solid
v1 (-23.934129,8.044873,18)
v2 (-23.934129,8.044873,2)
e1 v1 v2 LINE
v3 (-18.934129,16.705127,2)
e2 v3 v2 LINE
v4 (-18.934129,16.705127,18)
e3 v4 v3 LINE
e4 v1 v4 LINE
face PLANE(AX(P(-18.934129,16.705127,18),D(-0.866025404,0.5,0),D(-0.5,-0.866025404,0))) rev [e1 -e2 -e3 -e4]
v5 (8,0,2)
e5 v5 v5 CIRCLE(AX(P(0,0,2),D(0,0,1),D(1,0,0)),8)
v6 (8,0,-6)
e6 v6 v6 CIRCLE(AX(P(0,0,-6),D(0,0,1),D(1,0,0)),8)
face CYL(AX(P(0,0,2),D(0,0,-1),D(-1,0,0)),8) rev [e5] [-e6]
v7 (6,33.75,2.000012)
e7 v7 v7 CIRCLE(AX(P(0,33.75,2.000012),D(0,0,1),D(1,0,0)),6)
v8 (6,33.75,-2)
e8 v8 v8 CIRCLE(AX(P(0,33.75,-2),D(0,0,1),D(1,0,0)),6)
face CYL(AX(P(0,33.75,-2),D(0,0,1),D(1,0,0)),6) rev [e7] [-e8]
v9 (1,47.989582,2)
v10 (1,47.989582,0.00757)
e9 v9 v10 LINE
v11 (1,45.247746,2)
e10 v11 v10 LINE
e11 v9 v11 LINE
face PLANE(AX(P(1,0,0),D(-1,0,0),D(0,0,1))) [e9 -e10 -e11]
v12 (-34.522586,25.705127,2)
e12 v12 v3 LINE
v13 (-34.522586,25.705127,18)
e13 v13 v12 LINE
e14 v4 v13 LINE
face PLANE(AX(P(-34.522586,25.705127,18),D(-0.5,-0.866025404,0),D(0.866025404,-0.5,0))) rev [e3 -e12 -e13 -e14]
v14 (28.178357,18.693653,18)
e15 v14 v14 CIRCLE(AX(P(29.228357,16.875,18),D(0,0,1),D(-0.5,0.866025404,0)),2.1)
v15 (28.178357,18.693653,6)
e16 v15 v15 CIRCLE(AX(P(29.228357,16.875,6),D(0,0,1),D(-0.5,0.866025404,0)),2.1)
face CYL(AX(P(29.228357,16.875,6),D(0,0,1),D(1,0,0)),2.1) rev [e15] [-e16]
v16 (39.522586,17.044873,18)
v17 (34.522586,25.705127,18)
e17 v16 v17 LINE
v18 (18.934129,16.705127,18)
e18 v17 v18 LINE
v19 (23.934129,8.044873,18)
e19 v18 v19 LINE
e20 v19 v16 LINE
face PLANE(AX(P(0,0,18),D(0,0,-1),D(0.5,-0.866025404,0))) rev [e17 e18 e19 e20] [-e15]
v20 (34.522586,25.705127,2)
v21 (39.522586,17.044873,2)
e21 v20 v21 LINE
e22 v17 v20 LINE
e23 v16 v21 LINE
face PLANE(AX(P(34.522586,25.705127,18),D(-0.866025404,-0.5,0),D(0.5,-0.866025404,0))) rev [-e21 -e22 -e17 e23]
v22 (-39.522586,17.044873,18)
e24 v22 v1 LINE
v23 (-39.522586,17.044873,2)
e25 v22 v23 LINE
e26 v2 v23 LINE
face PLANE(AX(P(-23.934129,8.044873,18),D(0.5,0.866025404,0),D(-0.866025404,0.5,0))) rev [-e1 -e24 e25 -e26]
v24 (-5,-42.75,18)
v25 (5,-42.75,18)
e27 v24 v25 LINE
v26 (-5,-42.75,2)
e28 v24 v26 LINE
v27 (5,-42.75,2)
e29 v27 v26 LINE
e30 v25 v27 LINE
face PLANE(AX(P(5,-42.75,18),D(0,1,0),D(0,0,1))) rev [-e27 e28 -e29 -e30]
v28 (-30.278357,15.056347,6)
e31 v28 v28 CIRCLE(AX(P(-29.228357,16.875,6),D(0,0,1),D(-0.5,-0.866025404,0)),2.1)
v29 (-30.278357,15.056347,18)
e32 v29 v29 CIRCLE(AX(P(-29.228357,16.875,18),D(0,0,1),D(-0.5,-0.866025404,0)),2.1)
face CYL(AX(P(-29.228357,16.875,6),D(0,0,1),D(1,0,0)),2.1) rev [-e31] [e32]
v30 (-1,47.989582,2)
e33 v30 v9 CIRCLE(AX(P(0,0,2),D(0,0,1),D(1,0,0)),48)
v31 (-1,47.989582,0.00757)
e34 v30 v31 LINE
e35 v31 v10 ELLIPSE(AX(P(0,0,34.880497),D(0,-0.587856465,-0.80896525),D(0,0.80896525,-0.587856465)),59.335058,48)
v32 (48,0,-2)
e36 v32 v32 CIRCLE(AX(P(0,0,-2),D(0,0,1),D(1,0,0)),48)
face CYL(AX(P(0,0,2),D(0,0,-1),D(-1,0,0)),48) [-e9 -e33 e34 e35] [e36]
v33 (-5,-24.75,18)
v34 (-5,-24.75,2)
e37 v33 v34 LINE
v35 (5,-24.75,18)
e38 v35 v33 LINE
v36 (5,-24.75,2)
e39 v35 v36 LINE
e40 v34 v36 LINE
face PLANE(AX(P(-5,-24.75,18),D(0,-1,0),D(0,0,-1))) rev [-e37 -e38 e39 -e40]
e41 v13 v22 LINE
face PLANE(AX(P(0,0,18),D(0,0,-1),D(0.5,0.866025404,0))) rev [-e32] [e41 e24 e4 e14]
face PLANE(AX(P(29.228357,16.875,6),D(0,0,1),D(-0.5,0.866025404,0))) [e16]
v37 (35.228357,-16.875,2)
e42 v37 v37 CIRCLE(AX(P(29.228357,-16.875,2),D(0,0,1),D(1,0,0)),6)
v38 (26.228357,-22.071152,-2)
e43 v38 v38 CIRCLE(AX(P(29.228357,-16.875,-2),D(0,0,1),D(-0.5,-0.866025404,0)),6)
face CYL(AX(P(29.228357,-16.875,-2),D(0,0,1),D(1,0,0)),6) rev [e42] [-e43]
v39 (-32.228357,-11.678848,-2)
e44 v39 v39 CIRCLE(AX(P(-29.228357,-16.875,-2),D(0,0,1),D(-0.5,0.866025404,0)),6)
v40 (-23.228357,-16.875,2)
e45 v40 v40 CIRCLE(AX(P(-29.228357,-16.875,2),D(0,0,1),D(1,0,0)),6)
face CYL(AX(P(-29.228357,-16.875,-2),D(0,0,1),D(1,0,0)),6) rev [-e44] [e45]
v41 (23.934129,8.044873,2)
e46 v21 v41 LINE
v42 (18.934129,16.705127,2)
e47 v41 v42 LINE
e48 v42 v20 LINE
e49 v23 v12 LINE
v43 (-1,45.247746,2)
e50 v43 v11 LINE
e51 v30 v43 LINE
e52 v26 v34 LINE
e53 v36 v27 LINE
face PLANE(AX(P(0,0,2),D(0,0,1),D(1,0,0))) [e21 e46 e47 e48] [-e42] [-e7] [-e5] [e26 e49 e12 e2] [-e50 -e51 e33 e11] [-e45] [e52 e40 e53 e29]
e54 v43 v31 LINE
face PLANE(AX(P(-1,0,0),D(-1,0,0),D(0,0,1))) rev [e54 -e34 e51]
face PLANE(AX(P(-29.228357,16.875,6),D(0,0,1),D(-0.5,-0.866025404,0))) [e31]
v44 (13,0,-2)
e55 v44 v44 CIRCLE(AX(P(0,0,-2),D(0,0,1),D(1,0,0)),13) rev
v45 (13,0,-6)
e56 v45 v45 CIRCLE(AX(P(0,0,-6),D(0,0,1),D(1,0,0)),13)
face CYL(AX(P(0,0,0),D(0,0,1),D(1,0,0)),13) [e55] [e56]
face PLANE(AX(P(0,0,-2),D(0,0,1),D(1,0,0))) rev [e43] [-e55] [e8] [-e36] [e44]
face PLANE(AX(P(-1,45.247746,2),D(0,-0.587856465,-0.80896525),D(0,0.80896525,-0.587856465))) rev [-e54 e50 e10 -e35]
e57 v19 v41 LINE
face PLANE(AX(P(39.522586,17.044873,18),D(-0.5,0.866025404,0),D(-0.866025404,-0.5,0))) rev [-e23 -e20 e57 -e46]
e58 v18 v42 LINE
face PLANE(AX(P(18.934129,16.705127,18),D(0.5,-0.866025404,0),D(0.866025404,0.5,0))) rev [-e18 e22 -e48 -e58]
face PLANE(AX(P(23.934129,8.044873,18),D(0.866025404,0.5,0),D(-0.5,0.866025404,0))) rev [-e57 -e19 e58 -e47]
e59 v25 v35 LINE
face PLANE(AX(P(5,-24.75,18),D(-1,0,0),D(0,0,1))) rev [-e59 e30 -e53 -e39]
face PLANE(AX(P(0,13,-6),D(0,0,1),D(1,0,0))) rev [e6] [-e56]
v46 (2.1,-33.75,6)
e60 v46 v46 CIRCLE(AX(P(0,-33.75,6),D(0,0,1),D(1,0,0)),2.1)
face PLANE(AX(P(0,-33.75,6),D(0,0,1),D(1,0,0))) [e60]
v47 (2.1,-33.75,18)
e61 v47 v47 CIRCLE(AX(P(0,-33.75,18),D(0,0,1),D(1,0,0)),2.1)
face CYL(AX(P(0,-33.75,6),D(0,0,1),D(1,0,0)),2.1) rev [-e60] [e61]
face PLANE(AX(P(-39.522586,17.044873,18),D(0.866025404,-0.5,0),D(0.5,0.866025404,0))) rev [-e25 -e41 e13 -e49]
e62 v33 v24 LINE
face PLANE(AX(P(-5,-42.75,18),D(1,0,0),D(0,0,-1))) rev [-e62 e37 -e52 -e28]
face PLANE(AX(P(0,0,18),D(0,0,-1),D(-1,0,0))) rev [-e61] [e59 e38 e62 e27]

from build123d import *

# Parameters (mm, degrees)
SKETCH1_R                        = 48
SKETCH1_R_2                      = 8
EX_CARRIER_FRONT_PLATE_4MM_DEPTH = 2
SKETCH2_R                        = 6
CUT_PIN_HOLE_12_DEPTH            = 69
PAT_PIN_HOLES_3X120_COUNT        = 3
CUT_EXTRUDE2_DEPTH               = 1
SKETCH5_W                        = 4.5
SKETCH5_H                        = 5
SKETCH6_W                        = 10
SKETCH6_H                        = 18
BOSS_EXTRUDE1_DEPTH              = 18
SKETCH7_R                        = 2.1
CUT_EXTRUDE4_DEPTH               = 12
CIRPATTERN1_COUNT                = 3
CIRPATTERN2_COUNT                = 3


with BuildPart() as part:
    # Sketch1 → EX_Carrier_Front_Plate_4mm (new, symmetric)
    with BuildSketch(Plane.XY):
        Circle(SKETCH1_R)
        Circle(SKETCH1_R_2, mode=Mode.SUBTRACT)
    extrude(amount=EX_CARRIER_FRONT_PLATE_4MM_DEPTH, both=True)

    # Sketch2 → CUT_Pin_Hole_Ø12 (cut, symmetric)
    with BuildSketch(Plane.XY.offset(2)):
        with Locations((0, 33.75)):
            Circle(SKETCH2_R)
    cut_pin_hole_12 = extrude(amount=CUT_PIN_HOLE_12_DEPTH, both=True, mode=Mode.SUBTRACT)

    # PAT_Pin_Holes_3x120: CUT_Pin_Hole_Ø12 ×3 about axis
    pat_pin_holes_3x120_axis = Axis((0, 0, 2), (0, 0, 1))
    for i in range(1, PAT_PIN_HOLES_3X120_COUNT):
        add(cut_pin_hole_12.rotate(pat_pin_holes_3x120_axis, i * 360 / PAT_PIN_HOLES_3X120_COUNT), mode=Mode.SUBTRACT)

    # Sketch4 → Cut-Extrude2 (cut, symmetric)
    with BuildSketch(Plane(origin=(0, 0, 0), x_dir=(0, 0, -1), z_dir=(1, 0, 0))):
        Polygon((-2, 45.247745673), (0, 48), (-2, 48), align=None)
    extrude(amount=CUT_EXTRUDE2_DEPTH, both=True, mode=Mode.SUBTRACT)

    # Sketch5 → Revolve1 (revolve)
    with BuildSketch(Plane(origin=(0, 0, 0), x_dir=(0, 0, -1), z_dir=(1, 0, 0))):
        with Locations((3.75, 10.5)):
            Rectangle(SKETCH5_W, SKETCH5_H)
    revolve(axis=Axis((0, 0, 0), (0, 0, -1)))

    # Sketch6 → Boss-Extrude1 (add)
    with BuildSketch(Plane.XY):
        with Locations((0, -33.75)):
            Rectangle(SKETCH6_W, SKETCH6_H)
    boss_extrude1 = extrude(amount=BOSS_EXTRUDE1_DEPTH)

    # Sketch7 → Cut-Extrude4 (cut)
    with BuildSketch(Plane.XY.offset(18)):
        with Locations((0, -33.75)):
            Circle(SKETCH7_R)
    cut_extrude4 = extrude(amount=-CUT_EXTRUDE4_DEPTH, mode=Mode.SUBTRACT)

    # CirPattern1: Boss-Extrude1 ×3 about axis
    cirpattern1_axis = Axis((0, 0, -6.408265016), (0, 0, 1))
    for i in range(1, CIRPATTERN1_COUNT):
        add(boss_extrude1.rotate(cirpattern1_axis, i * 360 / CIRPATTERN1_COUNT))

    # CirPattern2: Cut-Extrude4 ×3 about axis
    cirpattern2_axis = Axis((0, 0, -6.408265016), (0, 0, 1))
    for i in range(1, CIRPATTERN2_COUNT):
        add(cut_extrude4.rotate(cirpattern2_axis, i * 360 / CIRPATTERN2_COUNT), mode=Mode.SUBTRACT)


solid = part.part
